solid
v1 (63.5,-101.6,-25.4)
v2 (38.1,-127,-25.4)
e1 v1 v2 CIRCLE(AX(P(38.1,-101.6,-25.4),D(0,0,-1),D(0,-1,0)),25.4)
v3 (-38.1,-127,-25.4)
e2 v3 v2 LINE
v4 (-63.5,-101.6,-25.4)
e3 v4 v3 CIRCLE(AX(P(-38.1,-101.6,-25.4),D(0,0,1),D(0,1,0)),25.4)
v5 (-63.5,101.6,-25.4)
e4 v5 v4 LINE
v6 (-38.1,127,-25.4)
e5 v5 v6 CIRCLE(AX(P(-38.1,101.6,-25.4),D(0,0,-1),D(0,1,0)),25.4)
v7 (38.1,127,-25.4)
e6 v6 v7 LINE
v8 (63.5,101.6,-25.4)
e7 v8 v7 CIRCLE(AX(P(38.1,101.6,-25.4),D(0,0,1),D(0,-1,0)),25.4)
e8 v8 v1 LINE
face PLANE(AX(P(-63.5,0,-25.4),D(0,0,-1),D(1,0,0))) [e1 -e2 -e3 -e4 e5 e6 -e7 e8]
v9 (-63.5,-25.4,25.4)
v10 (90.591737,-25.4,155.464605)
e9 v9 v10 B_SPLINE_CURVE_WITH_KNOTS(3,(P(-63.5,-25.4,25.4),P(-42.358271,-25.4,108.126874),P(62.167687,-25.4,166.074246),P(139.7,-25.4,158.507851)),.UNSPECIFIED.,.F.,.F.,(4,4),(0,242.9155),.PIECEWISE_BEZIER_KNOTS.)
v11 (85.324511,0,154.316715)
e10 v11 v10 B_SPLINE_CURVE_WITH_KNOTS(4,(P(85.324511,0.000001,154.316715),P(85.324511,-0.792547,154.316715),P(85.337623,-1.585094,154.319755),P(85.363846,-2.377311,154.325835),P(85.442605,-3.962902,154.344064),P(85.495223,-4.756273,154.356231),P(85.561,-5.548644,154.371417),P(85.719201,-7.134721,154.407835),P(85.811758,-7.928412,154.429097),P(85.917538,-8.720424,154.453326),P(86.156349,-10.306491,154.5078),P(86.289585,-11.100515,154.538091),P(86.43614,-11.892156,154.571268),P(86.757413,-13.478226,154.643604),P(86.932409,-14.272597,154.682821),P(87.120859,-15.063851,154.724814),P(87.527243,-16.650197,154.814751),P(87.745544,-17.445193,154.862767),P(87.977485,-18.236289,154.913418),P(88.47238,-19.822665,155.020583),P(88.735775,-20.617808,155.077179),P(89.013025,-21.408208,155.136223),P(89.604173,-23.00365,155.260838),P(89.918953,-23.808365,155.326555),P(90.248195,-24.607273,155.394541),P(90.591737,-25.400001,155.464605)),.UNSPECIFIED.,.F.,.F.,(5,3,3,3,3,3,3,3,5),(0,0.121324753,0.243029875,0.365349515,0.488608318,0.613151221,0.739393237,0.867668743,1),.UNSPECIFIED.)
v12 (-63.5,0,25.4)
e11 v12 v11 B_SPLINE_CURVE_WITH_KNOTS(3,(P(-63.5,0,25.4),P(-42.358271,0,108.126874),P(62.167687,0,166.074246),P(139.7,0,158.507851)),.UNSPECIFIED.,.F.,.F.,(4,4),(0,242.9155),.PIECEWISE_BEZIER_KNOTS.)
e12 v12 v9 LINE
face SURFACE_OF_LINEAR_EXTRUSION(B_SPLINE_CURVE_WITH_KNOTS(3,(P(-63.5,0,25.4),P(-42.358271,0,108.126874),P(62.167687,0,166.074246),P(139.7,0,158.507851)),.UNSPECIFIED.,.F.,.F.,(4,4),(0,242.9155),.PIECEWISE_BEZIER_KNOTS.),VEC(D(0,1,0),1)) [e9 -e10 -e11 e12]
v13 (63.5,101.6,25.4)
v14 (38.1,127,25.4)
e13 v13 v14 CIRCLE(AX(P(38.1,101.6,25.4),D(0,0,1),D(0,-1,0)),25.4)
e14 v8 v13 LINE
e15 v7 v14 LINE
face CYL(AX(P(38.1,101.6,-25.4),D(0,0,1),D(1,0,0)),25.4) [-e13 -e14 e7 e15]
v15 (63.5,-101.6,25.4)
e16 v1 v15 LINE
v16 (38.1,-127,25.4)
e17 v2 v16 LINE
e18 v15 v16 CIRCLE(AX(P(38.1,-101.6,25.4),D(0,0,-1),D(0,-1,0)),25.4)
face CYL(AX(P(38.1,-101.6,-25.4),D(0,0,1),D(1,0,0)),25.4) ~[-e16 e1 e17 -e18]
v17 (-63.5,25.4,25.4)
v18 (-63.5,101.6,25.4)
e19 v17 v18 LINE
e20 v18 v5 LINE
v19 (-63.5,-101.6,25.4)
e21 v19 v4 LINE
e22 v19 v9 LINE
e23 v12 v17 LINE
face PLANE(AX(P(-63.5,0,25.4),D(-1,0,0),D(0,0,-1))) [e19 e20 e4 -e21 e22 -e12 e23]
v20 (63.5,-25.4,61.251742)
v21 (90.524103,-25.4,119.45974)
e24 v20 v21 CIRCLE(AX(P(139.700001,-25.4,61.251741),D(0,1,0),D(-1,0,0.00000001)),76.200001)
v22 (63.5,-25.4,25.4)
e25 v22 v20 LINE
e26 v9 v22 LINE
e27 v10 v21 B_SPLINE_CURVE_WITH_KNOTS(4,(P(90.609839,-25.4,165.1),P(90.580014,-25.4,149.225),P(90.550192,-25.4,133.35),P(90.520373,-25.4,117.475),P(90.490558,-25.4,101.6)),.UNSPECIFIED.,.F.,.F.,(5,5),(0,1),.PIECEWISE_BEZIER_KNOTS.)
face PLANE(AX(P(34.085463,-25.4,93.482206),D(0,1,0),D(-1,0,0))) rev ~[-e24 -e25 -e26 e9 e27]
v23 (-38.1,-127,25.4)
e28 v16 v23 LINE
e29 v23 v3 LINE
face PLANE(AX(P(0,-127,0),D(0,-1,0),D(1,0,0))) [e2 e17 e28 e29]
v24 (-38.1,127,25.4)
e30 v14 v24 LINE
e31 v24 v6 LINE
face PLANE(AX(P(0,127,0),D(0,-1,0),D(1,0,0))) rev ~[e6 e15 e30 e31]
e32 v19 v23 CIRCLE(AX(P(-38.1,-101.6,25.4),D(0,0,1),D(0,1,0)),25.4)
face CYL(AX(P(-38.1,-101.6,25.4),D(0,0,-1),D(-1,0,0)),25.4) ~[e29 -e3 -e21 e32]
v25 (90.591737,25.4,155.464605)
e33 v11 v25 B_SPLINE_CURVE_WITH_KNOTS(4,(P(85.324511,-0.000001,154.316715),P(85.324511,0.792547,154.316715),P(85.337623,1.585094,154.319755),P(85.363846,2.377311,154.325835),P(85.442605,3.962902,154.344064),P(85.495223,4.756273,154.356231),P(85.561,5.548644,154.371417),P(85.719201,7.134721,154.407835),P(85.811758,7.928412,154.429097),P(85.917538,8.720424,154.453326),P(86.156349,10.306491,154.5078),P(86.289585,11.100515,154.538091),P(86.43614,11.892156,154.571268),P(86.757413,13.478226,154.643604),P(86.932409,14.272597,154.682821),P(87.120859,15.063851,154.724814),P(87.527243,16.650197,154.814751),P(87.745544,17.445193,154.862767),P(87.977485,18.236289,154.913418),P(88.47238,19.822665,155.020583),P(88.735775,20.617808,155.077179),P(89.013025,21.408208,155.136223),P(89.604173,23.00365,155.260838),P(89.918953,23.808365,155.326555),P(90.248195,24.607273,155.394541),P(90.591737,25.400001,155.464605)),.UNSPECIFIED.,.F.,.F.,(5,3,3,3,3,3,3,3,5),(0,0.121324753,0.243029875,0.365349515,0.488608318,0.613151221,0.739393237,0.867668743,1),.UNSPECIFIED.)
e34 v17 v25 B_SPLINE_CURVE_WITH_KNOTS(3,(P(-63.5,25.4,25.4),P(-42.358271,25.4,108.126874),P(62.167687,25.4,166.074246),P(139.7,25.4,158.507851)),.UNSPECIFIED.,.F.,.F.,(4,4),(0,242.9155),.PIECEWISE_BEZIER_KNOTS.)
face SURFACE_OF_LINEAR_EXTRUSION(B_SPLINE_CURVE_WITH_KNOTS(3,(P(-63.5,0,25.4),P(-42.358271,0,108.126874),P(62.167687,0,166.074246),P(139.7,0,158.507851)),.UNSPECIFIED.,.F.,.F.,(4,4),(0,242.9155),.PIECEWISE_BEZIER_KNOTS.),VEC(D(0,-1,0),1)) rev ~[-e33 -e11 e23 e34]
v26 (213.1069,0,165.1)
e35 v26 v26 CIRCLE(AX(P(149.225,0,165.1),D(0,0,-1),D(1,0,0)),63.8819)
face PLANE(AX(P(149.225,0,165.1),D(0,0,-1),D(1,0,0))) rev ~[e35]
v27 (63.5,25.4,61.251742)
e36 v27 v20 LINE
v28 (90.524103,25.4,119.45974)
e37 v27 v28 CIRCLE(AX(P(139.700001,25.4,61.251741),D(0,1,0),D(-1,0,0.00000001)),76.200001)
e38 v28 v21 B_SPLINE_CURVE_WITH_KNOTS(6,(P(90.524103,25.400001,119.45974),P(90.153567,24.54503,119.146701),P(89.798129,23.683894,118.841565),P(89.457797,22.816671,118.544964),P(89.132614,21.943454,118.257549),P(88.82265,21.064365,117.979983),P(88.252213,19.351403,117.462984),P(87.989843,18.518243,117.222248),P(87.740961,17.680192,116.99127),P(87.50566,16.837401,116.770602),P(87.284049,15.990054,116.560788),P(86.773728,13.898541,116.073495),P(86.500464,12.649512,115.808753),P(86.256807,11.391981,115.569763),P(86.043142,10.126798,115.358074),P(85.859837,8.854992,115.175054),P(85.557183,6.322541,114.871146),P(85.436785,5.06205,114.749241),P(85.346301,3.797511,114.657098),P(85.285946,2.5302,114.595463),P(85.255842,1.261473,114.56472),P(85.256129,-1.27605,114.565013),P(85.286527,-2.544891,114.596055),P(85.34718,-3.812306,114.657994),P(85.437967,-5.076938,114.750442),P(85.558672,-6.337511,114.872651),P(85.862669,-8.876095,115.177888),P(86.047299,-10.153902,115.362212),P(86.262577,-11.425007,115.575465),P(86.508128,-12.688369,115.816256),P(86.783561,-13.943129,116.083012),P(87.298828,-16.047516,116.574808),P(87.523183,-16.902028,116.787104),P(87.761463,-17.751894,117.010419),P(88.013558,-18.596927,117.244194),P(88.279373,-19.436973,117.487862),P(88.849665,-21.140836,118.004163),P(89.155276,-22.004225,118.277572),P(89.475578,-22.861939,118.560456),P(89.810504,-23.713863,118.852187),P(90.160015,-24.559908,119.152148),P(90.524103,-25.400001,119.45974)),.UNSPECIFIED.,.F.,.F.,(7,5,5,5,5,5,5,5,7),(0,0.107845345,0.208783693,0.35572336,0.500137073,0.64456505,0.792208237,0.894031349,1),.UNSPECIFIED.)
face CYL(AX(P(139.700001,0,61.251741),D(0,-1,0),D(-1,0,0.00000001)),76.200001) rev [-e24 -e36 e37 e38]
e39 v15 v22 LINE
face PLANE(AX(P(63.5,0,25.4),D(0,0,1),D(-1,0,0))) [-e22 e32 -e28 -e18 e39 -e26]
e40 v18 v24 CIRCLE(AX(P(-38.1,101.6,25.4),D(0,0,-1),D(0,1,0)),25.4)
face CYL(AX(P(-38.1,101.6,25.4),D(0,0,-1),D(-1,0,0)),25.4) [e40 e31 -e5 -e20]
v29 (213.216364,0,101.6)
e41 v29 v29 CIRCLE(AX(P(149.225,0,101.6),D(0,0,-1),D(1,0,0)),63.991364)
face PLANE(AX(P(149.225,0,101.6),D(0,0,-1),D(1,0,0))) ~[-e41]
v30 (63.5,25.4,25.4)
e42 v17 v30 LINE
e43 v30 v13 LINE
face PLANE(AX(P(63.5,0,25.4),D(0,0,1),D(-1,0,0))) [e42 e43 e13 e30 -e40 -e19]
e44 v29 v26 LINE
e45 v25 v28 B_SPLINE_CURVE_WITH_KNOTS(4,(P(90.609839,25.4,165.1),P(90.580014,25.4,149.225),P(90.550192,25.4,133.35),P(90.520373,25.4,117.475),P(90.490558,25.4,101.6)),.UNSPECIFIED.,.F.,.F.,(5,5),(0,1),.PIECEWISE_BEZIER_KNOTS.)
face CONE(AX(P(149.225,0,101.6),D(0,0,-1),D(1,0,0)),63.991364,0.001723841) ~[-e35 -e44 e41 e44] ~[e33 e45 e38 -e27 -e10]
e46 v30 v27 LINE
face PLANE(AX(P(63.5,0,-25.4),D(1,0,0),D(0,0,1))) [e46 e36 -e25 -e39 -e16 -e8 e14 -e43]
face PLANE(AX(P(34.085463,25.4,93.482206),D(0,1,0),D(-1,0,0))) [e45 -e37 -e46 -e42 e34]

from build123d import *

# Parameters (mm, degrees)
F1_DEPTH = 127
F2_DEPTH = 25.4
F4_R     = 25.4


with BuildPart() as f1:
    # F0 (on Front) → F1 (new body, symmetric)
    with BuildSketch(Plane.XZ):
        Polygon((42.44389, 25.4), (-63.5, 25.4), (-63.5, -25.4), (63.5, -25.4), (63.5, 25.4), align=None)
    extrude(amount=F1_DEPTH, both=True)

    # F0 (on Front) → F2 (join, symmetric)
    with BuildSketch(Plane.XZ):
        with BuildLine():
            add(Edge.make_bspline(
                [(-63.5, 25.4), (-42.358271, 108.126874), (62.167687, 166.074246), (139.7, 158.507851)],
                knots=[0, 0, 0, 0, 242.9155, 242.9155, 242.9155, 242.9155], degree=3))
            Line((-63.5, 25.4), (42.44389, 25.4))
            Line((42.44389, 25.4), (42.44389, 61.251742))
            ThreePointArc((42.44389, 61.251742), (70.929545, 130.022196), (139.7, 158.507851))
        make_face()
        with BuildLine():
            Line((42.44389, 61.251742), (42.44389, 25.4))
            Line((42.44389, 25.4), (63.5, 25.4))
            Line((63.5, 25.4), (63.5, 61.251742))
            ThreePointArc((63.5, 61.251742), (85.818463, 115.133278), (139.7, 137.451742))
            Line((139.7, 137.451742), (149.225, 137.451742))
            Line((149.225, 137.451742), (149.225, 158.507851))
            Line((149.225, 158.507851), (139.7, 158.507851))
            ThreePointArc((139.7, 158.507851), (70.929545, 130.022196), (42.44389, 61.251742))
        make_face()
    extrude(amount=F2_DEPTH, both=True)

    # F0 (on Front) → F3 (revolve)
    with BuildSketch(Plane.XZ):
        Polygon((149.225, 165.1), (149.225, 158.507851), (149.225, 137.451742), (149.225, 101.6), (213.216364, 101.6), (213.1069, 165.1), align=None)
    revolve(axis=Axis((149.225, 0, 133.35), (0, 0, -1)))

    # F4
    f4_edges = [f1.edges().sort_by_distance(p)[0] for p in [
        (63.5, -127, 0),
        (-63.5, -127, 0),
        (63.5, 127, 0),
        (-63.5, 127, 0),
    ]]
    fillet(f4_edges, radius=F4_R)


solid = f1.part
